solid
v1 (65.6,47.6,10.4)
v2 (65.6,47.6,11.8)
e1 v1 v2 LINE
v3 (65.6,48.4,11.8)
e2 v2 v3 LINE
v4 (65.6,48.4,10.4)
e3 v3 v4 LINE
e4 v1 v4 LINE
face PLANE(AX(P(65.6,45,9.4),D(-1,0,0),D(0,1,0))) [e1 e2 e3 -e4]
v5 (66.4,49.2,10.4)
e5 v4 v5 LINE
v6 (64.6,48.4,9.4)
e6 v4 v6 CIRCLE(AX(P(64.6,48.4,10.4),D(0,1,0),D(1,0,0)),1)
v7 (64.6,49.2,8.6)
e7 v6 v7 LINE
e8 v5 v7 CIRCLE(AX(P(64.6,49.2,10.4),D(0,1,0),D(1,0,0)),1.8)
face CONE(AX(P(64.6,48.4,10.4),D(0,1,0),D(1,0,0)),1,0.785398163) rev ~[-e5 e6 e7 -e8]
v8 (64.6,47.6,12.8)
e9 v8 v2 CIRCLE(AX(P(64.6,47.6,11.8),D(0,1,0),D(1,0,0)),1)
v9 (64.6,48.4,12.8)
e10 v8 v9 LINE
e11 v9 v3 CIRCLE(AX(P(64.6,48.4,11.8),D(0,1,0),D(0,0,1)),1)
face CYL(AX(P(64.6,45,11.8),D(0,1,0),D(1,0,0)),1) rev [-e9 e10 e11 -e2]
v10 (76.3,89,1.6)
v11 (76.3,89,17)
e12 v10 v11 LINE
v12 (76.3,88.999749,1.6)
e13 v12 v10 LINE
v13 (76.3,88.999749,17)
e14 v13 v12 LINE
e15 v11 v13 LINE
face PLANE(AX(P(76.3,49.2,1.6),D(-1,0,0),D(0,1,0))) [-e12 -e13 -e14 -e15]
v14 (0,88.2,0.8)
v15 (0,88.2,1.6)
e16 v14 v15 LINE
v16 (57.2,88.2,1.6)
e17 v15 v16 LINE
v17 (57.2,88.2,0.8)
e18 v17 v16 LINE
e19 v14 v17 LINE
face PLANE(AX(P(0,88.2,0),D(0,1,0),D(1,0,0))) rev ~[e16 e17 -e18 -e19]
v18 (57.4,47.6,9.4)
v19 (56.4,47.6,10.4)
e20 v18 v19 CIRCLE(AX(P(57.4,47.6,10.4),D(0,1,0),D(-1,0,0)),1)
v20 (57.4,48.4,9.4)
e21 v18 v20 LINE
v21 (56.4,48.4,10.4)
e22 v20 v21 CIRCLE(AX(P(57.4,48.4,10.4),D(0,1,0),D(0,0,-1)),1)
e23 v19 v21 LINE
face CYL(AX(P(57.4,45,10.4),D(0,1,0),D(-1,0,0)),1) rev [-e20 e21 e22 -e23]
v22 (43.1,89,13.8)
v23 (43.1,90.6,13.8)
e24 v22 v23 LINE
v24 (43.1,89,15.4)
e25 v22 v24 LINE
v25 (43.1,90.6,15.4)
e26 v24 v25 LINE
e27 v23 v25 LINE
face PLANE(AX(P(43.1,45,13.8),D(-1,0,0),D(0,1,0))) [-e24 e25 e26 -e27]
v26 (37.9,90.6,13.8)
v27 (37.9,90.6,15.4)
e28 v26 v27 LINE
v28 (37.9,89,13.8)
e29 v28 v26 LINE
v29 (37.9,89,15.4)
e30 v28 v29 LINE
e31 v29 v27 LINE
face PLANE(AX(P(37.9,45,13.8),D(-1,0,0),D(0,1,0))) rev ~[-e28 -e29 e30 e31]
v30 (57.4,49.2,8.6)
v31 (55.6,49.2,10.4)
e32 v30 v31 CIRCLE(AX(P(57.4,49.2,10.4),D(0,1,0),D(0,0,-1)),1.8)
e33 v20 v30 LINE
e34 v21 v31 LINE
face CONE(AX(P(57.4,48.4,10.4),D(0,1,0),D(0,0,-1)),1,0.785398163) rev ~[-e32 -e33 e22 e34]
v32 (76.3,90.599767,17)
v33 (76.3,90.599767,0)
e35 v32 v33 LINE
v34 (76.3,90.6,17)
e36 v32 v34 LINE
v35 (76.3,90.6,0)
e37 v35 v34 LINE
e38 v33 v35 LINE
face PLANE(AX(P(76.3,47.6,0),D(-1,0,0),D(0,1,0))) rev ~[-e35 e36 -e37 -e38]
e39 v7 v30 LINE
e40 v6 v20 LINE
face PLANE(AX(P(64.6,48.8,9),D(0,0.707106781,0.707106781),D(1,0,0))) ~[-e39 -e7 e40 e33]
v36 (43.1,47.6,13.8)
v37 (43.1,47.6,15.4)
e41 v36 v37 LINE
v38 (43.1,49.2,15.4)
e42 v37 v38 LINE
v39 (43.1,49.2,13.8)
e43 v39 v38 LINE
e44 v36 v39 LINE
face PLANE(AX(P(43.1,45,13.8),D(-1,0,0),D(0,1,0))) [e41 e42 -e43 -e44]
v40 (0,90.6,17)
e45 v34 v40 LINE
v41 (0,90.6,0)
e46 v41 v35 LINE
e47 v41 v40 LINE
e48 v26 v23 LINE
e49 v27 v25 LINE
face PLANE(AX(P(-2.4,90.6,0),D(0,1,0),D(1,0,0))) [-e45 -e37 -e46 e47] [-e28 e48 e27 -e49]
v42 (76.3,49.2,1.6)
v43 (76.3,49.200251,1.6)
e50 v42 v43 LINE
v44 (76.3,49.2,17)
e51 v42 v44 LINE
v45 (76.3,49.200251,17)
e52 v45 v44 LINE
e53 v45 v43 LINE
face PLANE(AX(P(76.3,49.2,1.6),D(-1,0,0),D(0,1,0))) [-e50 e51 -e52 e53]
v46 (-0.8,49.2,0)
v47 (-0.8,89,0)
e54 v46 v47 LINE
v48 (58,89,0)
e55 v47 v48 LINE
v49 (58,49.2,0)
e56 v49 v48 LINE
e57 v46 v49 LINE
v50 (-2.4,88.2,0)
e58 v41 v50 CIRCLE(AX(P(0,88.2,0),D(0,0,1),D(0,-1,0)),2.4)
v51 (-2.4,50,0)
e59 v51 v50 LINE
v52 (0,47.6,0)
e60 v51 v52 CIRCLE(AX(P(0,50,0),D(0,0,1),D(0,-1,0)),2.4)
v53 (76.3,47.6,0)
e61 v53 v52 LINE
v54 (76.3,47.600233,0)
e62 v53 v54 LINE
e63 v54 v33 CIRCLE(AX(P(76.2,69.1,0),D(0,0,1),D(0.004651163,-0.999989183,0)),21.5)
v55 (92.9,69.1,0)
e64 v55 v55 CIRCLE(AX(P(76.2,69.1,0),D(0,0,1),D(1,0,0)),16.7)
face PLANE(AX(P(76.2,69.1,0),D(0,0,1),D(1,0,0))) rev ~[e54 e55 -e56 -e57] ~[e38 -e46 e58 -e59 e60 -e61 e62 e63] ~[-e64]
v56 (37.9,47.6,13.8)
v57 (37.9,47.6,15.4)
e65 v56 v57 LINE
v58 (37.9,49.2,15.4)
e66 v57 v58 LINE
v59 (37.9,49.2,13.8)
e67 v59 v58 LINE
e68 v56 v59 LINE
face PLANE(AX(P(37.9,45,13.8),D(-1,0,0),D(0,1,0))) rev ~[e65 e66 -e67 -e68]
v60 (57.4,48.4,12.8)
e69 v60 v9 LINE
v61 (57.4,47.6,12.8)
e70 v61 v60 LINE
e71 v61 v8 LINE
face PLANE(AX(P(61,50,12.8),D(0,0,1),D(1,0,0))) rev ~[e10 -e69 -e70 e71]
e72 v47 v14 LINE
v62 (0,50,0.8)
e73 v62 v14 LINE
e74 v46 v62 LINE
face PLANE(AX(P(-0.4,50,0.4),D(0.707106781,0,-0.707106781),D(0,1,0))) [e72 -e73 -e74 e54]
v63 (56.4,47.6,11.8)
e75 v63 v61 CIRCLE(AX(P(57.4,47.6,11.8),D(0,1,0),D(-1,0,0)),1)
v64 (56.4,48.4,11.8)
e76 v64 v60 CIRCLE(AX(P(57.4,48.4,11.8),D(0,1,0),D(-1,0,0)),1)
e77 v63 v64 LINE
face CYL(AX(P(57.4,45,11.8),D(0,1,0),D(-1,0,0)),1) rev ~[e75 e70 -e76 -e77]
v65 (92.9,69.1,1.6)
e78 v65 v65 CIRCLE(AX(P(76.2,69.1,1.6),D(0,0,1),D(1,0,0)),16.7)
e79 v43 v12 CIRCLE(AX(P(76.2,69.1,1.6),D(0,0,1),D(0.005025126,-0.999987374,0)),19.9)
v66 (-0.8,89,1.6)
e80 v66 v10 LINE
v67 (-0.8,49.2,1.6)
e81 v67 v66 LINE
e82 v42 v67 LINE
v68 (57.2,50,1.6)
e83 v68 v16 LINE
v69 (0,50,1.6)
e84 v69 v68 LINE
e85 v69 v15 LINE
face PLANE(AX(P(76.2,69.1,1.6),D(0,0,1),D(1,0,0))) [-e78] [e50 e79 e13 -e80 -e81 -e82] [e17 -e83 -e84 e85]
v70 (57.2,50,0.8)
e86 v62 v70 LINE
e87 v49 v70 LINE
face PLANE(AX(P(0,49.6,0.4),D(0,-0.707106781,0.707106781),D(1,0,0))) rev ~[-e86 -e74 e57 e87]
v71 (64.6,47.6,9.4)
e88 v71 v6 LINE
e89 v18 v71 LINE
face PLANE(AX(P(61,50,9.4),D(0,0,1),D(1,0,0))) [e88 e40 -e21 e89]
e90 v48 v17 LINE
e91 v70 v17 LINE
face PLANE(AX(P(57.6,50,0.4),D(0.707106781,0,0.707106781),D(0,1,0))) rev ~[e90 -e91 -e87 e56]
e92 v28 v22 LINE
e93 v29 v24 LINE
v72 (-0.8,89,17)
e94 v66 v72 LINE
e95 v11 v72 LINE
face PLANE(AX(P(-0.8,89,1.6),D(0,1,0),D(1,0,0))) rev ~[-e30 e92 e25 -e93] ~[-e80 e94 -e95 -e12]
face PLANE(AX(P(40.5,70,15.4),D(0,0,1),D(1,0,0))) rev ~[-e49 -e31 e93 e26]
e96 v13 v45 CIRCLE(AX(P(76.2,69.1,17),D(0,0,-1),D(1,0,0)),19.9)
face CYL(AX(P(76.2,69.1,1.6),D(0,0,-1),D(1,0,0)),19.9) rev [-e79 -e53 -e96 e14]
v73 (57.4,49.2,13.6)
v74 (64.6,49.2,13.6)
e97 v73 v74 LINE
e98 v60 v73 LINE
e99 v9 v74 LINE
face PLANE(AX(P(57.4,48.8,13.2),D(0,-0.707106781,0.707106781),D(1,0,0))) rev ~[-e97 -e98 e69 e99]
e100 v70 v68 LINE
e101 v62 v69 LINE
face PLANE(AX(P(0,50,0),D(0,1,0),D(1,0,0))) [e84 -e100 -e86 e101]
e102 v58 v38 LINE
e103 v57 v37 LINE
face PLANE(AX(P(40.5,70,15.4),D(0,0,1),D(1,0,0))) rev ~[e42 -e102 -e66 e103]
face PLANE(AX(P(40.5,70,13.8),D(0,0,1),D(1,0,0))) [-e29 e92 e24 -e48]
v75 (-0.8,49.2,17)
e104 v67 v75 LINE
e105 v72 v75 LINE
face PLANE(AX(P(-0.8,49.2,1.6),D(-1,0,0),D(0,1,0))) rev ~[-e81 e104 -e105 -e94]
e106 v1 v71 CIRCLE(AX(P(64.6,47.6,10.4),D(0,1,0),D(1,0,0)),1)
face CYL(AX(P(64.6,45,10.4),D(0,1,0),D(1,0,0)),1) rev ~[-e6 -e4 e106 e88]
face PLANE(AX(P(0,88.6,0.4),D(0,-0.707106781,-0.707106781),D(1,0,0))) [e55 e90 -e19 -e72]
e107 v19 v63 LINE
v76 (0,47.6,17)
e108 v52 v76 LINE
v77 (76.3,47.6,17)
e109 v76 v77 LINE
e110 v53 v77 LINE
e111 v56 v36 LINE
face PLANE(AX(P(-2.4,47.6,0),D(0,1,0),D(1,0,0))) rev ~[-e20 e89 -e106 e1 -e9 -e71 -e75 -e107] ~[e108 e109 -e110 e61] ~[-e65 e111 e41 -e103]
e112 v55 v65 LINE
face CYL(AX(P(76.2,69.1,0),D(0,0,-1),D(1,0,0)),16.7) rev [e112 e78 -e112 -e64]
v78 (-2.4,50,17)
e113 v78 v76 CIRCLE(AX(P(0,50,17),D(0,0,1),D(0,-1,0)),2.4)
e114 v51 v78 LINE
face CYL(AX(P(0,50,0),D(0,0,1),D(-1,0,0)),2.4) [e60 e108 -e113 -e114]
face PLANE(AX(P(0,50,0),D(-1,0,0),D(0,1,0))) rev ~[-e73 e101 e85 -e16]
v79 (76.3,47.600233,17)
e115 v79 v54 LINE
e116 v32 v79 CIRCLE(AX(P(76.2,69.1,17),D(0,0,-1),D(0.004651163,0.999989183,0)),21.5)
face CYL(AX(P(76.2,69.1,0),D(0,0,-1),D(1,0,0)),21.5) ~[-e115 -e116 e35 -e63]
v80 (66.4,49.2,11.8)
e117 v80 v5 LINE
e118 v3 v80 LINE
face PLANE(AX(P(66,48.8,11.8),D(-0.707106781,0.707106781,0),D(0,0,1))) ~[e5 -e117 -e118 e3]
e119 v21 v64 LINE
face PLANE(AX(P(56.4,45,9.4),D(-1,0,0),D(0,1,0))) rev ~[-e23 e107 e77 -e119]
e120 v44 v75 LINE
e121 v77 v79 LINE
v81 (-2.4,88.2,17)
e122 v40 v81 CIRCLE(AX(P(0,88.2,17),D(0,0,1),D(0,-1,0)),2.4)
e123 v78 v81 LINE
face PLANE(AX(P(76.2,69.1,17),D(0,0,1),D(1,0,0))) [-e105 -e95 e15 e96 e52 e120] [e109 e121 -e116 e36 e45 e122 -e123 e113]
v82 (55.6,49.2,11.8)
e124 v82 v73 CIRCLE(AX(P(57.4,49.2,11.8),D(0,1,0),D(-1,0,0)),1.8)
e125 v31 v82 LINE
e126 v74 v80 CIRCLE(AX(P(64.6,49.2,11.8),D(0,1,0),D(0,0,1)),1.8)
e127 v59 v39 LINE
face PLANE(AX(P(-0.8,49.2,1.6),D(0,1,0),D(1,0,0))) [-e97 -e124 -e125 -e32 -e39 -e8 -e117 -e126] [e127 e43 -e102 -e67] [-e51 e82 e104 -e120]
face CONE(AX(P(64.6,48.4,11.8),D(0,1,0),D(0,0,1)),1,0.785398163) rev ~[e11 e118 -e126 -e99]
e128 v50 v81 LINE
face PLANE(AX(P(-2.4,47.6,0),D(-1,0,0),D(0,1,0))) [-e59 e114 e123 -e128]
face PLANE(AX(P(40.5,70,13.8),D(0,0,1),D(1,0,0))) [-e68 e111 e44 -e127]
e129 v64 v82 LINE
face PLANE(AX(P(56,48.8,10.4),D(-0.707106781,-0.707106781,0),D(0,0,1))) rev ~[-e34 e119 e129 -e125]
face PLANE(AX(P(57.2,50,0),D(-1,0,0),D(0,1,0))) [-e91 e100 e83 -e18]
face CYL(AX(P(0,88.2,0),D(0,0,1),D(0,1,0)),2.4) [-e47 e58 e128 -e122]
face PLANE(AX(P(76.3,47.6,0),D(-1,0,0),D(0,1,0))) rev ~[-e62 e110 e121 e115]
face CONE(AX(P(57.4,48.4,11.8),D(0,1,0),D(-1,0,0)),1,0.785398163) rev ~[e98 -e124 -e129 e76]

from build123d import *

# Parameters (mm, degrees)
BOX011_W          = 9.2
BOX011_H          = 10
BOX011_DEPTH      = 3.4
FILLET005_R       = 1
BOX010_W          = 5.2
BOX010_H          = 50
BOX010_DEPTH      = 1.6
BOX008_W          = 57.2
BOX008_H          = 38.2
BOX008_DEPTH      = 1.6
CYLINDER012_R     = 16.7
CYLINDER012_DEPTH = 1.6
CYLINDER011_R     = 19.9
CYLINDER011_DEPTH = 17
BOX007_W          = 77.1
BOX007_H          = 39.8
BOX007_DEPTH      = 17
CYLINDER010_R     = 21.5
CYLINDER010_DEPTH = 17
BOX006_W          = 78.7
BOX006_H          = 43
BOX006_DEPTH      = 17
FILLET002_R       = 2.4
CHAMFER005_SIZE   = 0.8
CHAMFER013_SIZE   = 0.8


with BuildPart() as usb:
    # Box011 → Box011 (new body)
    with BuildSketch(Plane(origin=(56.4, 45, 9.4), x_dir=(1, 0, 0), z_dir=(0, 0, 1))):
        with Locations((4.6, 5)):
            Rectangle(BOX011_W, BOX011_H)
    extrude(amount=BOX011_DEPTH)

    # Fillet005
    fillet005_edges = [usb.edges().sort_by_distance(p)[0] for p in [
        (56.4, 50, 12.8),
        (56.4, 50, 9.4),
        (65.6, 50, 12.8),
        (65.6, 50, 9.4),
    ]]
    fillet(fillet005_edges, radius=FILLET005_R)


with BuildPart() as w_rfel010:
    # Box010 → Box010 (new body)
    with BuildSketch(Plane(origin=(37.9, 45, 13.8), x_dir=(1, 0, 0), z_dir=(0, 0, 1))):
        with Locations((2.6, 25)):
            Rectangle(BOX010_W, BOX010_H)
    extrude(amount=BOX010_DEPTH)


with BuildPart() as w_rfel008:
    # Box008 → Box008 (new body)
    with BuildSketch(Plane(origin=(0, 50, 0), x_dir=(1, 0, 0), z_dir=(0, 0, 1))):
        with Locations((28.6, 19.1)):
            Rectangle(BOX008_W, BOX008_H)
    extrude(amount=BOX008_DEPTH)


with BuildPart() as zylinder012:
    # Cylinder012 → Cylinder012 (new body)
    with BuildSketch(Plane(origin=(76.2, 69.1, 0), x_dir=(1, 0, 0), z_dir=(0, 0, 1))):
        Circle(CYLINDER012_R)
    extrude(amount=CYLINDER012_DEPTH)


with BuildPart() as zylinder011:
    # Cylinder011 → Cylinder011 (new body)
    with BuildSketch(Plane(origin=(76.2, 69.1, 1.6), x_dir=(1, 0, 0), z_dir=(0, 0, 1))):
        Circle(CYLINDER011_R)
    extrude(amount=CYLINDER011_DEPTH)


with BuildPart() as fusion009:
    # Box007 → Box007 (new body)
    with BuildSketch(Plane(origin=(-0.8, 49.2, 1.6), x_dir=(1, 0, 0), z_dir=(0, 0, 1))):
        with Locations((38.55, 19.9)):
            Rectangle(BOX007_W, BOX007_H)
    extrude(amount=BOX007_DEPTH)

    # Fusion009: union Zylinder011
    add(zylinder011.part)


with BuildPart() as zylinder010:
    # Cylinder010 → Cylinder010 (new body)
    with BuildSketch(Plane(origin=(76.2, 69.1, 0), x_dir=(1, 0, 0), z_dir=(0, 0, 1))):
        Circle(CYLINDER010_R)
    extrude(amount=CYLINDER010_DEPTH)


with BuildPart() as top:
    # Box006 → Box006 (new body)
    with BuildSketch(Plane(origin=(-2.4, 47.6, 0), x_dir=(1, 0, 0), z_dir=(0, 0, 1))):
        with Locations((39.35, 21.5)):
            Rectangle(BOX006_W, BOX006_H)
    extrude(amount=BOX006_DEPTH)

    # Fusion008: union Zylinder010
    add(zylinder010.part)

    # Cut004: cut Fusion009
    add(fusion009.part, mode=Mode.SUBTRACT)

    # Fillet002
    fillet002_edges = [top.edges().sort_by_distance(p)[0] for p in [
        (-2.4, 47.6, 8.5),
        (-2.4, 90.6, 8.5),
    ]]
    fillet(fillet002_edges, radius=FILLET002_R)

    # Cut005: cut Zylinder012
    add(zylinder012.part, mode=Mode.SUBTRACT)

    # Cut006: cut Würfel008
    add(w_rfel008.part, mode=Mode.SUBTRACT)

    # Chamfer005
    chamfer005_edges = [top.edges().sort_by_distance(p)[0] for p in [
        (57.2, 83.681153, 0),
        (28.6, 88.2, 0),
        (0, 69.1, 0),
        (28.6, 50, 0),
        (57.2, 54.518847, 0),
        (57.2, 69.1, 0),
    ]]
    chamfer(chamfer005_edges, length=CHAMFER005_SIZE)

    # Cut011: cut Würfel010
    add(w_rfel010.part, mode=Mode.SUBTRACT)

    # Cut018: cut USB
    add(usb.part, mode=Mode.SUBTRACT)

    # Chamfer013
    chamfer013_edges = [top.edges().sort_by_distance(p)[0] for p in [
        (56.692893, 49.2, 12.507107),
        (61, 49.2, 12.8),
        (65.307107, 49.2, 12.507107),
        (65.6, 49.2, 11.1),
        (65.307107, 49.2, 9.692893),
        (61, 49.2, 9.4),
        (56.692893, 49.2, 9.692893),
        (56.4, 49.2, 11.1),
    ]]
    chamfer(chamfer013_edges, length=CHAMFER013_SIZE)


solid = top.part
